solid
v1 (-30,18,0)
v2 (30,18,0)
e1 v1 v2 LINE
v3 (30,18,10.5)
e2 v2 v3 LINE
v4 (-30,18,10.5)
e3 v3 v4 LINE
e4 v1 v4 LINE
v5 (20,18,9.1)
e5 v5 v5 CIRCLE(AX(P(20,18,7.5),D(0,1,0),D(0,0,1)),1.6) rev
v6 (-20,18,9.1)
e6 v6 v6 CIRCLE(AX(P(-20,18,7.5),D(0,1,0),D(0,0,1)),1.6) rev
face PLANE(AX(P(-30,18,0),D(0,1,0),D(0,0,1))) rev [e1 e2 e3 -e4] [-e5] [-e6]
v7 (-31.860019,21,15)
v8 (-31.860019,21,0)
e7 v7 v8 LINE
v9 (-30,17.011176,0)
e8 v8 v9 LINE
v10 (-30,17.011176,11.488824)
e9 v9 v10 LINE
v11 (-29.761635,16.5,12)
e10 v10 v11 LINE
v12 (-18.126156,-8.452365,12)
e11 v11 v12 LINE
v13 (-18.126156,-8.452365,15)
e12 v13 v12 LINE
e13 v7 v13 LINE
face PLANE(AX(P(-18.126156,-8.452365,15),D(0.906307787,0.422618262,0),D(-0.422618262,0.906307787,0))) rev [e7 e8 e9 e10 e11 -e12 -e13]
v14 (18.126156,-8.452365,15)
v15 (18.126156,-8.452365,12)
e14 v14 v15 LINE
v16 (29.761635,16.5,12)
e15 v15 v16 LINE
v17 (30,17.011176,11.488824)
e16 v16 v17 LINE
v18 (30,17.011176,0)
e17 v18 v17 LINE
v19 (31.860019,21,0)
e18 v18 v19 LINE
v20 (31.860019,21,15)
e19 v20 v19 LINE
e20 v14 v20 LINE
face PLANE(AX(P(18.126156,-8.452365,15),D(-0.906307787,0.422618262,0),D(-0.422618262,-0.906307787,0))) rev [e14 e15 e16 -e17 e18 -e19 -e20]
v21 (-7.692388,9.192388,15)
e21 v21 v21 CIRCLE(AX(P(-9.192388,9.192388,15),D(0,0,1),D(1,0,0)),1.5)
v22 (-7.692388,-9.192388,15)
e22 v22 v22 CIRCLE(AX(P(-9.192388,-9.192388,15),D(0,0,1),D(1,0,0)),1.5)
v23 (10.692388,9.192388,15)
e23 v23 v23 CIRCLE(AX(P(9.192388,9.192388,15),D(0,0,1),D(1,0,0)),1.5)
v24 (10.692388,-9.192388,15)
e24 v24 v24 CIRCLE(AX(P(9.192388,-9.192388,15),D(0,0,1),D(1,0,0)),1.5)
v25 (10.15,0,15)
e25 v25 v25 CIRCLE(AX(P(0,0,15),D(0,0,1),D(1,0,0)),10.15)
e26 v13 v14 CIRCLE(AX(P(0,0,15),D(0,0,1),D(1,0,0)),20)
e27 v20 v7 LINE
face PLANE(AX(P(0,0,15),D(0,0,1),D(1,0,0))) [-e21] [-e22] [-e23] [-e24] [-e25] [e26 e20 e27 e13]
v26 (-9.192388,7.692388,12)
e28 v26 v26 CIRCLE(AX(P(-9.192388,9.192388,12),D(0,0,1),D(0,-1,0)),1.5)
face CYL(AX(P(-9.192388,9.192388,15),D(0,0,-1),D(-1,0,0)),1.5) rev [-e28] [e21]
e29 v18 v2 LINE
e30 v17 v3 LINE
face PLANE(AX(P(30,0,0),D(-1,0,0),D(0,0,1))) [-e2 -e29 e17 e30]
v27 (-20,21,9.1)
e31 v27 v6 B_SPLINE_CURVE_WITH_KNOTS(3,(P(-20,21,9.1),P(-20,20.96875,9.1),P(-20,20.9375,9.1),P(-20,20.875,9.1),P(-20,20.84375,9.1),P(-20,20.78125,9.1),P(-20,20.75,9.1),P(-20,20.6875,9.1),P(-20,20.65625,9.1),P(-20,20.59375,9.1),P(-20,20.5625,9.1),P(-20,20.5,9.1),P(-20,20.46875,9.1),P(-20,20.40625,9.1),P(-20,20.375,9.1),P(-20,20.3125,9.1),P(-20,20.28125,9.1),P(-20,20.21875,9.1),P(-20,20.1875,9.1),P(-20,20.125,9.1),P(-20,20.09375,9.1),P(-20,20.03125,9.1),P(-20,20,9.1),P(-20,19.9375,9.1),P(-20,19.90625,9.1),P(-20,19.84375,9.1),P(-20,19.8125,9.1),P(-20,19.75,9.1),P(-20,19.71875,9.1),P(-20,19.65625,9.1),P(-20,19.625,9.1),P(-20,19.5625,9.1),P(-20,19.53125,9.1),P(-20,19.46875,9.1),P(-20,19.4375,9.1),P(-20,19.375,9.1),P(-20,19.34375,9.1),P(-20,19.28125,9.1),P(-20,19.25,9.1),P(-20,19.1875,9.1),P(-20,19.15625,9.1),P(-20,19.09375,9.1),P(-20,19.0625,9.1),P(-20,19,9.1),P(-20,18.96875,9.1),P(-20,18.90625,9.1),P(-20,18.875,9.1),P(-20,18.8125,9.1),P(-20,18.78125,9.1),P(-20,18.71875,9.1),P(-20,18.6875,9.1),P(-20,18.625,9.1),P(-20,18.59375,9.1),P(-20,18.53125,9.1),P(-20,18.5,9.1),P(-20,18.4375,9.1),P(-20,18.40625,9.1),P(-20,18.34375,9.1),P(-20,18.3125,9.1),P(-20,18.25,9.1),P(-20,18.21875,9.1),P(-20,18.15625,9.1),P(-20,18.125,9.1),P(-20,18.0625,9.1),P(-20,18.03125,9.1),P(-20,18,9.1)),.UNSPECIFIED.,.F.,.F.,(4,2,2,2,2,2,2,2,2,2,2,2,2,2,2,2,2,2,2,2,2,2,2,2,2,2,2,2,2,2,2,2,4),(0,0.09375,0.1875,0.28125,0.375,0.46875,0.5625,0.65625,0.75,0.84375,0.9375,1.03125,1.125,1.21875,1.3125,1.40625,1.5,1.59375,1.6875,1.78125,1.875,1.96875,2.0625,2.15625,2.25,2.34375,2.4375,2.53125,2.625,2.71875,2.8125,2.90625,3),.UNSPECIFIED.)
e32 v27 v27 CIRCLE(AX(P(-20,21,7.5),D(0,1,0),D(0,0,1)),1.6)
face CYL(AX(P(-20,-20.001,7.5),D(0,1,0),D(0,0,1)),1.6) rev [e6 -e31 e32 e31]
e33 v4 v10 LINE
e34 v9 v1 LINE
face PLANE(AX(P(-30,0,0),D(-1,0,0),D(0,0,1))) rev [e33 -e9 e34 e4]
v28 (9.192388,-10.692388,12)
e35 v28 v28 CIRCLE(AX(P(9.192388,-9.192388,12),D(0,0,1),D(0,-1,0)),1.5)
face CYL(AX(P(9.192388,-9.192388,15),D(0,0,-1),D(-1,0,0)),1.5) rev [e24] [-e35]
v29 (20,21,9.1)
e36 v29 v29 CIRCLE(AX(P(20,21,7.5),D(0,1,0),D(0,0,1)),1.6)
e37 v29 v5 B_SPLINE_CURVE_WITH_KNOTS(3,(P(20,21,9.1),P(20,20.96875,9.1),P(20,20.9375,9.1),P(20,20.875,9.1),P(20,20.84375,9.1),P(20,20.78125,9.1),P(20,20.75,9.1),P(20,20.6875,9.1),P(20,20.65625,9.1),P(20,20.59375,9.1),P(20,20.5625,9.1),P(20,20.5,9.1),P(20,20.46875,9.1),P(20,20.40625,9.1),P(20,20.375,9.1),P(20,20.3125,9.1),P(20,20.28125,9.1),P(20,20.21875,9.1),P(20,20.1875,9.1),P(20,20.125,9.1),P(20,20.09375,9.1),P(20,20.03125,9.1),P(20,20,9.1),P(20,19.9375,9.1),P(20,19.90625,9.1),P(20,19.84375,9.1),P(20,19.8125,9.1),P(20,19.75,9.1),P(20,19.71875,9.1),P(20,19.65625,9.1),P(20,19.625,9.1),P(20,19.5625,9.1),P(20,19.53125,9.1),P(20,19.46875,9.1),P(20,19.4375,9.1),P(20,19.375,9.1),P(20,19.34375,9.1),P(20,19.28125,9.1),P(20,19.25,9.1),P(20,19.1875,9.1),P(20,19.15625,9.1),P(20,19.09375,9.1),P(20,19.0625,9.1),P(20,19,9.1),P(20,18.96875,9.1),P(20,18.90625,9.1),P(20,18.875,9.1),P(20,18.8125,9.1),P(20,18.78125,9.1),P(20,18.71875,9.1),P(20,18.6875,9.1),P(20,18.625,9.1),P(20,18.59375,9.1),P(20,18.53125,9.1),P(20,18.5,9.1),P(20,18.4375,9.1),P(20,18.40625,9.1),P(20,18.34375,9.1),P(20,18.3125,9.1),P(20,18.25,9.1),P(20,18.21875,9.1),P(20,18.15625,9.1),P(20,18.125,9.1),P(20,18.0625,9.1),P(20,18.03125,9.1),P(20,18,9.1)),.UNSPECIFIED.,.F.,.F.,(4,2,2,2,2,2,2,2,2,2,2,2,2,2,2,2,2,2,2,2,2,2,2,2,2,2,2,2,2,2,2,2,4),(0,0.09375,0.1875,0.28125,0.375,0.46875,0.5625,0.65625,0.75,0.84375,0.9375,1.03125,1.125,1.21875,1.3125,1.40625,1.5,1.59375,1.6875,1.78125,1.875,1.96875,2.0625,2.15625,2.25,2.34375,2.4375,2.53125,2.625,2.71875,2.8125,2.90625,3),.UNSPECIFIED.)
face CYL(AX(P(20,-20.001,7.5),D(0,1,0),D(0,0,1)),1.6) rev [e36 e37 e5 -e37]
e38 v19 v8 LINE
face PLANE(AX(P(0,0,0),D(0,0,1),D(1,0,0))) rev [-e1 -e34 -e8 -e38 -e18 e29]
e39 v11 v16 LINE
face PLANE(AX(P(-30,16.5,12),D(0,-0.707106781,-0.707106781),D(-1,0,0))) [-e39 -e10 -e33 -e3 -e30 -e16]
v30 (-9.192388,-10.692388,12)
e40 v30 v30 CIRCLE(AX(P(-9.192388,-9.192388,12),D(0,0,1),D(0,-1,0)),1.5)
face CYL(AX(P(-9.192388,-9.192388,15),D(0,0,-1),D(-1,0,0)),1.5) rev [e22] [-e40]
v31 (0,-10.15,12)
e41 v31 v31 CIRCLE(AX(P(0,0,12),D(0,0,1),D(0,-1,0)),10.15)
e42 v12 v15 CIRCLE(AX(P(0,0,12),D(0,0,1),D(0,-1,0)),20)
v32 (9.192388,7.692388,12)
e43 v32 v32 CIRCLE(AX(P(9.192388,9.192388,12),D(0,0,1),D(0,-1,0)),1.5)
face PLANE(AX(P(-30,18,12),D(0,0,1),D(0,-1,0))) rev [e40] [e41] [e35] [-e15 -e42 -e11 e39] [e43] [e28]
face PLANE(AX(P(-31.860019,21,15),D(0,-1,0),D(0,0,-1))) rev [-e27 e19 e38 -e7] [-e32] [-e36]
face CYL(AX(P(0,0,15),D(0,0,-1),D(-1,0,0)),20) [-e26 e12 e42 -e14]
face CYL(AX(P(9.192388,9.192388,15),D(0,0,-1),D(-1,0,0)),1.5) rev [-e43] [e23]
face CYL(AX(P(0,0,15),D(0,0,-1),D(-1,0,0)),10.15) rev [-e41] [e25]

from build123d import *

# Parameters (mm, degrees)
SKETCH_1_R          = 10.15
SKETCH_1_R_2        = 1.5
EXTRUDE_1_DEPTH     = 15
SKETCH_2_W          = 12
SKETCH_2_H          = 38
CUT_EXTRUDE_1_DEPTH = 30
CHAMFER_1_SIZE      = 1.5
CUT_EXTRUDE_2_REACH = 56.047
SKETCH_3_R          = 1.6


with BuildPart() as part:
    # ｽｹｯﾁ1 → ﾎﾞｽ - 押し出し1 (new body)
    with BuildSketch(Plane.XY):
        with BuildLine():
            Line((-18.126155741, -8.452365235), (-31.860019201, 21))
            Line((-31.860019201, 21), (31.860019201, 21))
            Line((31.860019201, 21), (18.126155741, -8.452365235))
            ThreePointArc((18.126155741, -8.452365235), (0, -20), (-18.126155741, -8.452365235))
        make_face()
        Circle(SKETCH_1_R, mode=Mode.SUBTRACT)
        with Locations((-9.192388155, 9.192388155)):
            Circle(SKETCH_1_R_2, mode=Mode.SUBTRACT)
        with Locations((9.192388155, 9.192388155)):
            Circle(SKETCH_1_R_2, mode=Mode.SUBTRACT)
        with Locations((-9.192388155, -9.192388155)):
            Circle(SKETCH_1_R_2, mode=Mode.SUBTRACT)
        with Locations((9.192388155, -9.192388155)):
            Circle(SKETCH_1_R_2, mode=Mode.SUBTRACT)
    extrude(amount=EXTRUDE_1_DEPTH)

    # ｽｹｯﾁ2 → ｶｯﾄ - 押し出し1 (cut, symmetric)
    with BuildSketch(Plane(origin=(0, 0, 0), x_dir=(0, 0, -1), z_dir=(1, 0, 0))):
        with Locations((-6, -1)):
            Rectangle(SKETCH_2_W, SKETCH_2_H)
    extrude(amount=CUT_EXTRUDE_1_DEPTH, both=True, mode=Mode.SUBTRACT)

    # 面取り1
    chamfer_1_edges = [part.edges().sort_by_distance(p)[0] for p in [
        (0, 18, 12),
    ]]
    chamfer(chamfer_1_edges, length=CHAMFER_1_SIZE)

    # ｽｹｯﾁ3 → ｶｯﾄ - 押し出し2 (cut, up to next)
    with BuildSketch(Plane(origin=(0, 21, 0), x_dir=(1, 0, 0), z_dir=(0, 1, 0)), mode=Mode.PRIVATE) as cut_extrude_2_sk1:
        with Locations(Location((-20, -7.5, 0), (0, 0, 270))):
            Circle(SKETCH_3_R)
    cut_extrude_2_tool1 = extrude(cut_extrude_2_sk1.sketch, amount=-CUT_EXTRUDE_2_REACH, mode=Mode.PRIVATE) & part.part
    # ｽｹｯﾁ3 → ｶｯﾄ - 押し出し2 (cut, up to next)
    with BuildSketch(Plane(origin=(0, 21, 0), x_dir=(1, 0, 0), z_dir=(0, 1, 0)), mode=Mode.PRIVATE) as cut_extrude_2_sk2:
        with Locations(Location((20, -7.5, 0), (0, 0, 270))):
            Circle(SKETCH_3_R)
    cut_extrude_2_tool2 = extrude(cut_extrude_2_sk2.sketch, amount=-CUT_EXTRUDE_2_REACH, mode=Mode.PRIVATE) & part.part
    add(cut_extrude_2_tool1.solids().sort_by_distance((-20, 21, 7.5))[0], mode=Mode.SUBTRACT)
    add(cut_extrude_2_tool2.solids().sort_by_distance((20, 21, 7.5))[0], mode=Mode.SUBTRACT)


solid = part.part
